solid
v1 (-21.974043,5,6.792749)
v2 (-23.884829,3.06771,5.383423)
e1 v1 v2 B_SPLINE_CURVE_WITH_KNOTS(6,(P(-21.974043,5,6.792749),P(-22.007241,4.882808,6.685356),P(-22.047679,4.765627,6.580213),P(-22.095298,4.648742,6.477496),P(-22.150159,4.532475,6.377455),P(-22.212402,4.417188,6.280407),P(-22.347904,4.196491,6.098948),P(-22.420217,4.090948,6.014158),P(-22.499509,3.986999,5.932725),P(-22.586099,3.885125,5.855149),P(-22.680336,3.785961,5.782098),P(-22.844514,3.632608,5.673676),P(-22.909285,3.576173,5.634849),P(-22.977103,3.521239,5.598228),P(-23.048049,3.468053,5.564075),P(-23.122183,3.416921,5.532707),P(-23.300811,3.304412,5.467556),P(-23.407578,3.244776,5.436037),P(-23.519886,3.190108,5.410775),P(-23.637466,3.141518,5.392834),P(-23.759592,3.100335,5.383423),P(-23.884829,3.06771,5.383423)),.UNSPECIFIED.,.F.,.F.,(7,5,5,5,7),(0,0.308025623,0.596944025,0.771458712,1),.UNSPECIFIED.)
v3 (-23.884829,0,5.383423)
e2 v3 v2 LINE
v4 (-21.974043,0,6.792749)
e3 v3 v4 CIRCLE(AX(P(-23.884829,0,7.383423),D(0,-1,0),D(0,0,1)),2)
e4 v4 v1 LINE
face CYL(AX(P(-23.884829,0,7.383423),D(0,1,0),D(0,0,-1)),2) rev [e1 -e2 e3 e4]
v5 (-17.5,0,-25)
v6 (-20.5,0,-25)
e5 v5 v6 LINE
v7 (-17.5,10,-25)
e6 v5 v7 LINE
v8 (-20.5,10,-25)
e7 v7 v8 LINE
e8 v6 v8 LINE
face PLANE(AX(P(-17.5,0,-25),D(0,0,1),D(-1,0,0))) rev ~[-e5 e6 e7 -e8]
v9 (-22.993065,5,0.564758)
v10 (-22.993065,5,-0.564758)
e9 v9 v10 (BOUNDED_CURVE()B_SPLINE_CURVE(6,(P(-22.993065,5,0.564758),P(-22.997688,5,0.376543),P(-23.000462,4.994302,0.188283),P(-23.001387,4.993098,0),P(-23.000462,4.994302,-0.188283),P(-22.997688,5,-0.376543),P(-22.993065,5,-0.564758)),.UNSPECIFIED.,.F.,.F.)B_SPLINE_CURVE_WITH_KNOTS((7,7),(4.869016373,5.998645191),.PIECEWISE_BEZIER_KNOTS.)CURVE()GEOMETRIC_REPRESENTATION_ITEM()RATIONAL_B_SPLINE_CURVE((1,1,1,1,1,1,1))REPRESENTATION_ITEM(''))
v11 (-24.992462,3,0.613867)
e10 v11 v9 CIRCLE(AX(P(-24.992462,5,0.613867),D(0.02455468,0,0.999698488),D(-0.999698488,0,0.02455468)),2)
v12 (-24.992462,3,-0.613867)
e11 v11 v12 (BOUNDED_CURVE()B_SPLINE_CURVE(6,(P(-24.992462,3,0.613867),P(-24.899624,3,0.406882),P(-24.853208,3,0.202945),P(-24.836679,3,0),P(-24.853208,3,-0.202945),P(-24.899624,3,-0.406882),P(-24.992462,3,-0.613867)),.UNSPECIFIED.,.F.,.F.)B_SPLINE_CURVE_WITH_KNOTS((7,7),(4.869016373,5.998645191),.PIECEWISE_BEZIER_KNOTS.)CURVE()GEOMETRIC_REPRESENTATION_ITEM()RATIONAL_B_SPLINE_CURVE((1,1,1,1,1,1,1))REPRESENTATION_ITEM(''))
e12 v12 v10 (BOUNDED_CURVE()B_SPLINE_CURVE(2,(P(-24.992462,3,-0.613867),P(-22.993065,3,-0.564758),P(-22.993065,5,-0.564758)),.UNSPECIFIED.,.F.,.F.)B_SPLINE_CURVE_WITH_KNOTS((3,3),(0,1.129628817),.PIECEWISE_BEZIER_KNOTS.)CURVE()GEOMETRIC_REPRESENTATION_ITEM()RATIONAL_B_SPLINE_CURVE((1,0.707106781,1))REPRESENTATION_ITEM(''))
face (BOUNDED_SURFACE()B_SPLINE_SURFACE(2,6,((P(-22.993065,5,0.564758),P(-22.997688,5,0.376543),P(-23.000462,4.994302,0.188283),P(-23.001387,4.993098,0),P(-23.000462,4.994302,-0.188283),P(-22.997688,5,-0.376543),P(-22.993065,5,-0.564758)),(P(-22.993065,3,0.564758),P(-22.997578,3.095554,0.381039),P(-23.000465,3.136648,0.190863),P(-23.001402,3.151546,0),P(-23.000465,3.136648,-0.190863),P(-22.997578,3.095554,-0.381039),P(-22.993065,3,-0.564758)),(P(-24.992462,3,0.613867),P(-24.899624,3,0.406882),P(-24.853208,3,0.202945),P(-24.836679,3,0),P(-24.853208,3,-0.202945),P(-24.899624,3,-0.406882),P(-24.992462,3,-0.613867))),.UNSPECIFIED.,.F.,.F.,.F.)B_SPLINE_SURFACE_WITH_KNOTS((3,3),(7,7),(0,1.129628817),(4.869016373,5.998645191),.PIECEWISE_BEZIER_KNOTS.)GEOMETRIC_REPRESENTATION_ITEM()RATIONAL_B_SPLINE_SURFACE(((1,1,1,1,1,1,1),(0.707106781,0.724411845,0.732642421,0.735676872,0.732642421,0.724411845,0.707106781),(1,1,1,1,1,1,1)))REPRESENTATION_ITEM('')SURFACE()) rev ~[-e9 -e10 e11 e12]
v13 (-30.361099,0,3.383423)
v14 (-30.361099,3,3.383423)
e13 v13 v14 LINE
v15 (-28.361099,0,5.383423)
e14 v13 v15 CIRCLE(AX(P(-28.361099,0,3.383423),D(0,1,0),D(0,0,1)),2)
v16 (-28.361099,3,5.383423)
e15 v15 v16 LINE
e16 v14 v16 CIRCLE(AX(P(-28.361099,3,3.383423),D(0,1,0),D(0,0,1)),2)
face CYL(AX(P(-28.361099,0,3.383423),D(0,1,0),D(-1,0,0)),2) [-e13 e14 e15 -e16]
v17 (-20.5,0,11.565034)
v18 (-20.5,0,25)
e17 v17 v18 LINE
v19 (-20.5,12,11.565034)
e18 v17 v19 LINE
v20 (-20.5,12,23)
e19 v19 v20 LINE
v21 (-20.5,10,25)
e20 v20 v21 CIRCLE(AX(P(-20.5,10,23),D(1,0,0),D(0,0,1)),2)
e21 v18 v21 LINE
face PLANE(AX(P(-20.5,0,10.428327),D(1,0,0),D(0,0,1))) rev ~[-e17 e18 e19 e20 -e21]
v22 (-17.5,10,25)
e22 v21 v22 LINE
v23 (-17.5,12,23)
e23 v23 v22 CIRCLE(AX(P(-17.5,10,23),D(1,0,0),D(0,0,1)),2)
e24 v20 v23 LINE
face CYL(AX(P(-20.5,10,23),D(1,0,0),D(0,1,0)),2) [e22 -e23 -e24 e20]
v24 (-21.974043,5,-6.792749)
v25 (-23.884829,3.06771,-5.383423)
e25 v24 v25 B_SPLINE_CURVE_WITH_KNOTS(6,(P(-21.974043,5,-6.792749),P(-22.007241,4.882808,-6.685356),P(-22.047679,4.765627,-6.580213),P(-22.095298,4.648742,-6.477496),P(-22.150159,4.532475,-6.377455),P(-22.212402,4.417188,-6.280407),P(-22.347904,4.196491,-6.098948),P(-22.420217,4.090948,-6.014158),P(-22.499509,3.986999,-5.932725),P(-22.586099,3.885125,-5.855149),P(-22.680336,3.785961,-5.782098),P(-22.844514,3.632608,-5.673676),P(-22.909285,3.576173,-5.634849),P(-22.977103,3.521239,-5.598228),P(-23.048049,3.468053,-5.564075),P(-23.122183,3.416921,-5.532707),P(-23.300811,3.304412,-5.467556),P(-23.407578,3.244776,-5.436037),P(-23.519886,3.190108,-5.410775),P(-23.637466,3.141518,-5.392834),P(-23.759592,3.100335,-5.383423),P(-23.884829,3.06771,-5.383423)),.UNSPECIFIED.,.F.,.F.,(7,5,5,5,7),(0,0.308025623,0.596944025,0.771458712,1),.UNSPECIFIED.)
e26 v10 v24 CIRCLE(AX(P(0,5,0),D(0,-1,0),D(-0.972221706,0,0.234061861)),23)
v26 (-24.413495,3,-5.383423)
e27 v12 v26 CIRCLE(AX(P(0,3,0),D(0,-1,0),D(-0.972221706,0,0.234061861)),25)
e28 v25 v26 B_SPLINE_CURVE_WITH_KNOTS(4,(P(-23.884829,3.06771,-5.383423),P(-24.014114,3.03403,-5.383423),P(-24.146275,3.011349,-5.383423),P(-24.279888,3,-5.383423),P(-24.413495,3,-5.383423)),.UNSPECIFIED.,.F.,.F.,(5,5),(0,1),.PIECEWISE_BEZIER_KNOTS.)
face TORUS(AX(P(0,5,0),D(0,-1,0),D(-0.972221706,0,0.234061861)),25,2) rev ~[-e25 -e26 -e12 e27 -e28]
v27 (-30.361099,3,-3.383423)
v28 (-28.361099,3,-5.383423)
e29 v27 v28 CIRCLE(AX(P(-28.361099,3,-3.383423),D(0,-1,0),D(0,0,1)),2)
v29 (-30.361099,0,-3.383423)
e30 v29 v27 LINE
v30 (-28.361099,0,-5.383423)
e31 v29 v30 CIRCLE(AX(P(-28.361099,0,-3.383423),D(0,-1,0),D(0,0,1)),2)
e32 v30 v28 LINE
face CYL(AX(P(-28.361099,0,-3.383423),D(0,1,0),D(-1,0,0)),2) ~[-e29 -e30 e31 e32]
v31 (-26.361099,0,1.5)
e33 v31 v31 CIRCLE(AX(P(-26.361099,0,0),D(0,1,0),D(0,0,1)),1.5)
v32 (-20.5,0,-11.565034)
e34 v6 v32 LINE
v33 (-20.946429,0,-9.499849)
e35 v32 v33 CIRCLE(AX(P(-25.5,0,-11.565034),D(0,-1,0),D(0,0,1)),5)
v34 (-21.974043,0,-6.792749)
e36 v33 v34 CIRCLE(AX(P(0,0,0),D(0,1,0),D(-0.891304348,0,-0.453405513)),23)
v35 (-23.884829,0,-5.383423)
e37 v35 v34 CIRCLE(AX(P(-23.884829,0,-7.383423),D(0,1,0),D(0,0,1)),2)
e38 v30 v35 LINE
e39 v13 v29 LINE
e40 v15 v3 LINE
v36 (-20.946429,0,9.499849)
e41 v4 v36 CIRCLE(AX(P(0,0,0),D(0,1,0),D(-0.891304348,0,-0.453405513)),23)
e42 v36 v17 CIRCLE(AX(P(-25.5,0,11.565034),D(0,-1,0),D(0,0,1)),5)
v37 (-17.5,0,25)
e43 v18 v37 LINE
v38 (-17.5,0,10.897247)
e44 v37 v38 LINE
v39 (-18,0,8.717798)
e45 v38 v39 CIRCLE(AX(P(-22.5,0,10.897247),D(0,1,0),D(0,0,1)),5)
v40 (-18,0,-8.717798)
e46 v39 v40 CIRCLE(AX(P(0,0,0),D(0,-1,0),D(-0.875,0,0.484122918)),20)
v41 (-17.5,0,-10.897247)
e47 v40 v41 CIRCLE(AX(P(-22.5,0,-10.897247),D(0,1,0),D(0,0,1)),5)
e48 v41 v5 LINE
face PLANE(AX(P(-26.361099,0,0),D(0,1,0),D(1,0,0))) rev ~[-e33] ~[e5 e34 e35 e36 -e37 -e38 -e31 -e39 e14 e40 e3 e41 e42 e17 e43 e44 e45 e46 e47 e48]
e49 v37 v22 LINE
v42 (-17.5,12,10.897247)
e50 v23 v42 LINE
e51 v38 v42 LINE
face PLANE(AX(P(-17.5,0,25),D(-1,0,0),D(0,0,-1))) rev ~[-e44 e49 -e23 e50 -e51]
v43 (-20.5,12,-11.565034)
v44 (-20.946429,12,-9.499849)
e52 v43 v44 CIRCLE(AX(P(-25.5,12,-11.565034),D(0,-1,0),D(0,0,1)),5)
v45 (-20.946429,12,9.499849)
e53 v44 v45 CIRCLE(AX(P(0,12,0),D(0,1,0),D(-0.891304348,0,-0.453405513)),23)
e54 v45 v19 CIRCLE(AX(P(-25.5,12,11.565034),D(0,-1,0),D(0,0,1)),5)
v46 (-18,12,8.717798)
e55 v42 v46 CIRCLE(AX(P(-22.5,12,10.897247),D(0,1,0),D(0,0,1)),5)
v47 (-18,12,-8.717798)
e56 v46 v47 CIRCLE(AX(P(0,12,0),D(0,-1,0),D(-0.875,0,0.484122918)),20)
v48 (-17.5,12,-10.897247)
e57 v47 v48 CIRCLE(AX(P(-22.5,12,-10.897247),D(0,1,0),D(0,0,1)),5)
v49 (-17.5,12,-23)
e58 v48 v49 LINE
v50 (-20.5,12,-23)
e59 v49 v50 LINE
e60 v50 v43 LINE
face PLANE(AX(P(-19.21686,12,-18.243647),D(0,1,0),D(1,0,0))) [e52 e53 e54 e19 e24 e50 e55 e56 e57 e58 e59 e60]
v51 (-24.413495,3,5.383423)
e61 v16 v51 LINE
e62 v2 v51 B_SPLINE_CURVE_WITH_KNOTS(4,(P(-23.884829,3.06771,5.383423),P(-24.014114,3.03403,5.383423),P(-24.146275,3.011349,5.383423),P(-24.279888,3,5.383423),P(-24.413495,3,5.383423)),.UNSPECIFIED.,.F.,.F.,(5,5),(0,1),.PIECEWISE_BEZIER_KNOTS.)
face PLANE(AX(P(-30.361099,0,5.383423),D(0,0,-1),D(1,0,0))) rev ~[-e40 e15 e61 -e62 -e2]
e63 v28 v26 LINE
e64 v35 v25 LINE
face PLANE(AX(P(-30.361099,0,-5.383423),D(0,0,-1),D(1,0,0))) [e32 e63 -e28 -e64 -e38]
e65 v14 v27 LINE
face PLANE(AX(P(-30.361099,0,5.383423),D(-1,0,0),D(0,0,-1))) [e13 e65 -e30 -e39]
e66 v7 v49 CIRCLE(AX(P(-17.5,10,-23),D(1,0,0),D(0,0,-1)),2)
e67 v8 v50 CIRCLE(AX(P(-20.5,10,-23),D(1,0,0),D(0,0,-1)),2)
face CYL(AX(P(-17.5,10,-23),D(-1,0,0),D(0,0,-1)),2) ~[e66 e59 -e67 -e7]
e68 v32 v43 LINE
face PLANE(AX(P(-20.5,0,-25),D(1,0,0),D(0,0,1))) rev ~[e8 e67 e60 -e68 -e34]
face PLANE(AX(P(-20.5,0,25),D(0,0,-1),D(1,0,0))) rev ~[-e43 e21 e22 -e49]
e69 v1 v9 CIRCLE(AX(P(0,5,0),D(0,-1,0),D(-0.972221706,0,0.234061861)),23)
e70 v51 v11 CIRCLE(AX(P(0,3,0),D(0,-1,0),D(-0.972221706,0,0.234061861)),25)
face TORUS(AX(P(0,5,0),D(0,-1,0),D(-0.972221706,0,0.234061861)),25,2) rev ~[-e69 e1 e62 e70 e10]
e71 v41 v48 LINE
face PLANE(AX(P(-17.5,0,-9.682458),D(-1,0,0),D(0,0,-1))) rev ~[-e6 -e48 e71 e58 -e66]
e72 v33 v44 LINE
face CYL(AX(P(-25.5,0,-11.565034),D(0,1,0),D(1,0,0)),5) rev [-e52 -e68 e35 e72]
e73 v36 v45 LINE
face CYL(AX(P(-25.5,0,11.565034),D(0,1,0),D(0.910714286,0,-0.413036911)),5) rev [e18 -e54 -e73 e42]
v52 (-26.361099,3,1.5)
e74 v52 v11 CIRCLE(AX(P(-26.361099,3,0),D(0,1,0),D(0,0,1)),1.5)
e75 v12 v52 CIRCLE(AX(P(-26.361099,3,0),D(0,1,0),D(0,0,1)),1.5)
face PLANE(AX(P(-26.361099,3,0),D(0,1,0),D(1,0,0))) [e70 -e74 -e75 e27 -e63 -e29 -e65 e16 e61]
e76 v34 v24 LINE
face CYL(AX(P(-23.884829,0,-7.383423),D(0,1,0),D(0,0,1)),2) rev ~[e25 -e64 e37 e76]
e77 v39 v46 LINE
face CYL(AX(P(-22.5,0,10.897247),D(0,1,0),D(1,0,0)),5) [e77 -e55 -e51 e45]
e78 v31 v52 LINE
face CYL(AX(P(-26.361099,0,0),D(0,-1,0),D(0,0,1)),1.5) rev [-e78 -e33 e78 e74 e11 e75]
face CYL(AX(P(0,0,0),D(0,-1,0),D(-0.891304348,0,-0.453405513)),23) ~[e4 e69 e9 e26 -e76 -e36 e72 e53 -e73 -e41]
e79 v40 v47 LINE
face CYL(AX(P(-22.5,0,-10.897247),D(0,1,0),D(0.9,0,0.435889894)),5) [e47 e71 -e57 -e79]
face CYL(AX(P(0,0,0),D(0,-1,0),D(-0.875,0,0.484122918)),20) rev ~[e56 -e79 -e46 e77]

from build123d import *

# Parameters (mm, degrees)
BOSS_EXTRUDE2_DEPTH = 12
FILLET2_R           = 5
FILLET3_R           = 2
SKETCH2_W           = 8
SKETCH2_H           = 10.766845602
SKETCH2_R           = 1.5
BOSS_EXTRUDE3_DEPTH = 3
FILLET4_R           = 2


with BuildPart() as part:
    # Sketch1 → Boss-Extrude2 (new body)
    with BuildSketch(Plane(origin=(0, 0, 0), x_dir=(1, 0, 0), z_dir=(0, 1, 0))):
        with BuildLine():
            Line((-17.5, 25), (-20.5, 25))
            Line((-20.5, 25), (-20.5, 10.428326807))
            ThreePointArc((-20.5, 10.428326807), (-19.132553248, 12.765007099), (-17.5, 14.924811557))
            Line((-17.5, 14.924811557), (-17.5, 25))
        make_face()
        with BuildLine():
            ThreePointArc((-17.5, 14.924811557), (-19.132553248, 12.765007099), (-20.5, 10.428326807))
            Line((-20.5, 10.428326807), (-20.5, -10.428326807))
            ThreePointArc((-20.5, -10.428326807), (-19.132553248, -12.765007099), (-17.5, -14.924811557))
            Line((-17.5, -14.924811557), (-17.5, -9.682458366))
            ThreePointArc((-17.5, -9.682458366), (-20, 0), (-17.5, 9.682458366))
            Line((-17.5, 9.682458366), (-17.5, 14.924811557))
        make_face()
        with BuildLine():
            Line((-20.5, -10.428326807), (-20.5, 10.428326807))
            ThreePointArc((-20.5, 10.428326807), (-23, 0), (-20.5, -10.428326807))
        make_face()
        with BuildLine():
            ThreePointArc((-17.5, -14.924811557), (-19.132553248, -12.765007099), (-20.5, -10.428326807))
            Line((-20.5, -10.428326807), (-20.5, -25))
            Line((-20.5, -25), (-17.5, -25))
            Line((-17.5, -25), (-17.5, -14.924811557))
        make_face()
    extrude(amount=BOSS_EXTRUDE2_DEPTH)

    # Fillet2
    fillet2_edges = [part.edges().sort_by_distance(p)[0] for p in [
        (-17.5, 6, -9.682458366),
        (-17.5, 6, 9.682458366),
        (-20.5, 6, 10.428326807),
        (-20.5, 6, -10.428326807),
    ]]
    fillet(fillet2_edges, radius=FILLET2_R)

    # Fillet3
    fillet3_edges = [part.edges().sort_by_distance(p)[0] for p in [
        (-19, 12, 25),
        (-19, 12, -25),
    ]]
    fillet(fillet3_edges, radius=FILLET3_R)

    # Sketch2 → Boss-Extrude3 (add)
    with BuildSketch(Plane(origin=(0, 0, 0), x_dir=(1, 0, 0), z_dir=(0, 1, 0))):
        with Locations((-26.361099234, 0)):
            Rectangle(SKETCH2_W, SKETCH2_H)
        with Locations(Location((-26.361099234, 0, 0), (0, 0, 270))):
            Circle(SKETCH2_R, mode=Mode.SUBTRACT)
    extrude(amount=BOSS_EXTRUDE3_DEPTH)

    # Fillet4
    fillet4_edges = [part.edges().sort_by_distance(p)[0] for p in [
        (-23, 3, 0),
        (-30.361099234, 1.5, -5.383422801),
        (-30.361099234, 1.5, 5.383422801),
        (-22.361099234, 1.5, 5.383422801),
        (-22.361099234, 1.5, -5.383422801),
    ]]
    fillet(fillet4_edges, radius=FILLET4_R)


solid = part.part
